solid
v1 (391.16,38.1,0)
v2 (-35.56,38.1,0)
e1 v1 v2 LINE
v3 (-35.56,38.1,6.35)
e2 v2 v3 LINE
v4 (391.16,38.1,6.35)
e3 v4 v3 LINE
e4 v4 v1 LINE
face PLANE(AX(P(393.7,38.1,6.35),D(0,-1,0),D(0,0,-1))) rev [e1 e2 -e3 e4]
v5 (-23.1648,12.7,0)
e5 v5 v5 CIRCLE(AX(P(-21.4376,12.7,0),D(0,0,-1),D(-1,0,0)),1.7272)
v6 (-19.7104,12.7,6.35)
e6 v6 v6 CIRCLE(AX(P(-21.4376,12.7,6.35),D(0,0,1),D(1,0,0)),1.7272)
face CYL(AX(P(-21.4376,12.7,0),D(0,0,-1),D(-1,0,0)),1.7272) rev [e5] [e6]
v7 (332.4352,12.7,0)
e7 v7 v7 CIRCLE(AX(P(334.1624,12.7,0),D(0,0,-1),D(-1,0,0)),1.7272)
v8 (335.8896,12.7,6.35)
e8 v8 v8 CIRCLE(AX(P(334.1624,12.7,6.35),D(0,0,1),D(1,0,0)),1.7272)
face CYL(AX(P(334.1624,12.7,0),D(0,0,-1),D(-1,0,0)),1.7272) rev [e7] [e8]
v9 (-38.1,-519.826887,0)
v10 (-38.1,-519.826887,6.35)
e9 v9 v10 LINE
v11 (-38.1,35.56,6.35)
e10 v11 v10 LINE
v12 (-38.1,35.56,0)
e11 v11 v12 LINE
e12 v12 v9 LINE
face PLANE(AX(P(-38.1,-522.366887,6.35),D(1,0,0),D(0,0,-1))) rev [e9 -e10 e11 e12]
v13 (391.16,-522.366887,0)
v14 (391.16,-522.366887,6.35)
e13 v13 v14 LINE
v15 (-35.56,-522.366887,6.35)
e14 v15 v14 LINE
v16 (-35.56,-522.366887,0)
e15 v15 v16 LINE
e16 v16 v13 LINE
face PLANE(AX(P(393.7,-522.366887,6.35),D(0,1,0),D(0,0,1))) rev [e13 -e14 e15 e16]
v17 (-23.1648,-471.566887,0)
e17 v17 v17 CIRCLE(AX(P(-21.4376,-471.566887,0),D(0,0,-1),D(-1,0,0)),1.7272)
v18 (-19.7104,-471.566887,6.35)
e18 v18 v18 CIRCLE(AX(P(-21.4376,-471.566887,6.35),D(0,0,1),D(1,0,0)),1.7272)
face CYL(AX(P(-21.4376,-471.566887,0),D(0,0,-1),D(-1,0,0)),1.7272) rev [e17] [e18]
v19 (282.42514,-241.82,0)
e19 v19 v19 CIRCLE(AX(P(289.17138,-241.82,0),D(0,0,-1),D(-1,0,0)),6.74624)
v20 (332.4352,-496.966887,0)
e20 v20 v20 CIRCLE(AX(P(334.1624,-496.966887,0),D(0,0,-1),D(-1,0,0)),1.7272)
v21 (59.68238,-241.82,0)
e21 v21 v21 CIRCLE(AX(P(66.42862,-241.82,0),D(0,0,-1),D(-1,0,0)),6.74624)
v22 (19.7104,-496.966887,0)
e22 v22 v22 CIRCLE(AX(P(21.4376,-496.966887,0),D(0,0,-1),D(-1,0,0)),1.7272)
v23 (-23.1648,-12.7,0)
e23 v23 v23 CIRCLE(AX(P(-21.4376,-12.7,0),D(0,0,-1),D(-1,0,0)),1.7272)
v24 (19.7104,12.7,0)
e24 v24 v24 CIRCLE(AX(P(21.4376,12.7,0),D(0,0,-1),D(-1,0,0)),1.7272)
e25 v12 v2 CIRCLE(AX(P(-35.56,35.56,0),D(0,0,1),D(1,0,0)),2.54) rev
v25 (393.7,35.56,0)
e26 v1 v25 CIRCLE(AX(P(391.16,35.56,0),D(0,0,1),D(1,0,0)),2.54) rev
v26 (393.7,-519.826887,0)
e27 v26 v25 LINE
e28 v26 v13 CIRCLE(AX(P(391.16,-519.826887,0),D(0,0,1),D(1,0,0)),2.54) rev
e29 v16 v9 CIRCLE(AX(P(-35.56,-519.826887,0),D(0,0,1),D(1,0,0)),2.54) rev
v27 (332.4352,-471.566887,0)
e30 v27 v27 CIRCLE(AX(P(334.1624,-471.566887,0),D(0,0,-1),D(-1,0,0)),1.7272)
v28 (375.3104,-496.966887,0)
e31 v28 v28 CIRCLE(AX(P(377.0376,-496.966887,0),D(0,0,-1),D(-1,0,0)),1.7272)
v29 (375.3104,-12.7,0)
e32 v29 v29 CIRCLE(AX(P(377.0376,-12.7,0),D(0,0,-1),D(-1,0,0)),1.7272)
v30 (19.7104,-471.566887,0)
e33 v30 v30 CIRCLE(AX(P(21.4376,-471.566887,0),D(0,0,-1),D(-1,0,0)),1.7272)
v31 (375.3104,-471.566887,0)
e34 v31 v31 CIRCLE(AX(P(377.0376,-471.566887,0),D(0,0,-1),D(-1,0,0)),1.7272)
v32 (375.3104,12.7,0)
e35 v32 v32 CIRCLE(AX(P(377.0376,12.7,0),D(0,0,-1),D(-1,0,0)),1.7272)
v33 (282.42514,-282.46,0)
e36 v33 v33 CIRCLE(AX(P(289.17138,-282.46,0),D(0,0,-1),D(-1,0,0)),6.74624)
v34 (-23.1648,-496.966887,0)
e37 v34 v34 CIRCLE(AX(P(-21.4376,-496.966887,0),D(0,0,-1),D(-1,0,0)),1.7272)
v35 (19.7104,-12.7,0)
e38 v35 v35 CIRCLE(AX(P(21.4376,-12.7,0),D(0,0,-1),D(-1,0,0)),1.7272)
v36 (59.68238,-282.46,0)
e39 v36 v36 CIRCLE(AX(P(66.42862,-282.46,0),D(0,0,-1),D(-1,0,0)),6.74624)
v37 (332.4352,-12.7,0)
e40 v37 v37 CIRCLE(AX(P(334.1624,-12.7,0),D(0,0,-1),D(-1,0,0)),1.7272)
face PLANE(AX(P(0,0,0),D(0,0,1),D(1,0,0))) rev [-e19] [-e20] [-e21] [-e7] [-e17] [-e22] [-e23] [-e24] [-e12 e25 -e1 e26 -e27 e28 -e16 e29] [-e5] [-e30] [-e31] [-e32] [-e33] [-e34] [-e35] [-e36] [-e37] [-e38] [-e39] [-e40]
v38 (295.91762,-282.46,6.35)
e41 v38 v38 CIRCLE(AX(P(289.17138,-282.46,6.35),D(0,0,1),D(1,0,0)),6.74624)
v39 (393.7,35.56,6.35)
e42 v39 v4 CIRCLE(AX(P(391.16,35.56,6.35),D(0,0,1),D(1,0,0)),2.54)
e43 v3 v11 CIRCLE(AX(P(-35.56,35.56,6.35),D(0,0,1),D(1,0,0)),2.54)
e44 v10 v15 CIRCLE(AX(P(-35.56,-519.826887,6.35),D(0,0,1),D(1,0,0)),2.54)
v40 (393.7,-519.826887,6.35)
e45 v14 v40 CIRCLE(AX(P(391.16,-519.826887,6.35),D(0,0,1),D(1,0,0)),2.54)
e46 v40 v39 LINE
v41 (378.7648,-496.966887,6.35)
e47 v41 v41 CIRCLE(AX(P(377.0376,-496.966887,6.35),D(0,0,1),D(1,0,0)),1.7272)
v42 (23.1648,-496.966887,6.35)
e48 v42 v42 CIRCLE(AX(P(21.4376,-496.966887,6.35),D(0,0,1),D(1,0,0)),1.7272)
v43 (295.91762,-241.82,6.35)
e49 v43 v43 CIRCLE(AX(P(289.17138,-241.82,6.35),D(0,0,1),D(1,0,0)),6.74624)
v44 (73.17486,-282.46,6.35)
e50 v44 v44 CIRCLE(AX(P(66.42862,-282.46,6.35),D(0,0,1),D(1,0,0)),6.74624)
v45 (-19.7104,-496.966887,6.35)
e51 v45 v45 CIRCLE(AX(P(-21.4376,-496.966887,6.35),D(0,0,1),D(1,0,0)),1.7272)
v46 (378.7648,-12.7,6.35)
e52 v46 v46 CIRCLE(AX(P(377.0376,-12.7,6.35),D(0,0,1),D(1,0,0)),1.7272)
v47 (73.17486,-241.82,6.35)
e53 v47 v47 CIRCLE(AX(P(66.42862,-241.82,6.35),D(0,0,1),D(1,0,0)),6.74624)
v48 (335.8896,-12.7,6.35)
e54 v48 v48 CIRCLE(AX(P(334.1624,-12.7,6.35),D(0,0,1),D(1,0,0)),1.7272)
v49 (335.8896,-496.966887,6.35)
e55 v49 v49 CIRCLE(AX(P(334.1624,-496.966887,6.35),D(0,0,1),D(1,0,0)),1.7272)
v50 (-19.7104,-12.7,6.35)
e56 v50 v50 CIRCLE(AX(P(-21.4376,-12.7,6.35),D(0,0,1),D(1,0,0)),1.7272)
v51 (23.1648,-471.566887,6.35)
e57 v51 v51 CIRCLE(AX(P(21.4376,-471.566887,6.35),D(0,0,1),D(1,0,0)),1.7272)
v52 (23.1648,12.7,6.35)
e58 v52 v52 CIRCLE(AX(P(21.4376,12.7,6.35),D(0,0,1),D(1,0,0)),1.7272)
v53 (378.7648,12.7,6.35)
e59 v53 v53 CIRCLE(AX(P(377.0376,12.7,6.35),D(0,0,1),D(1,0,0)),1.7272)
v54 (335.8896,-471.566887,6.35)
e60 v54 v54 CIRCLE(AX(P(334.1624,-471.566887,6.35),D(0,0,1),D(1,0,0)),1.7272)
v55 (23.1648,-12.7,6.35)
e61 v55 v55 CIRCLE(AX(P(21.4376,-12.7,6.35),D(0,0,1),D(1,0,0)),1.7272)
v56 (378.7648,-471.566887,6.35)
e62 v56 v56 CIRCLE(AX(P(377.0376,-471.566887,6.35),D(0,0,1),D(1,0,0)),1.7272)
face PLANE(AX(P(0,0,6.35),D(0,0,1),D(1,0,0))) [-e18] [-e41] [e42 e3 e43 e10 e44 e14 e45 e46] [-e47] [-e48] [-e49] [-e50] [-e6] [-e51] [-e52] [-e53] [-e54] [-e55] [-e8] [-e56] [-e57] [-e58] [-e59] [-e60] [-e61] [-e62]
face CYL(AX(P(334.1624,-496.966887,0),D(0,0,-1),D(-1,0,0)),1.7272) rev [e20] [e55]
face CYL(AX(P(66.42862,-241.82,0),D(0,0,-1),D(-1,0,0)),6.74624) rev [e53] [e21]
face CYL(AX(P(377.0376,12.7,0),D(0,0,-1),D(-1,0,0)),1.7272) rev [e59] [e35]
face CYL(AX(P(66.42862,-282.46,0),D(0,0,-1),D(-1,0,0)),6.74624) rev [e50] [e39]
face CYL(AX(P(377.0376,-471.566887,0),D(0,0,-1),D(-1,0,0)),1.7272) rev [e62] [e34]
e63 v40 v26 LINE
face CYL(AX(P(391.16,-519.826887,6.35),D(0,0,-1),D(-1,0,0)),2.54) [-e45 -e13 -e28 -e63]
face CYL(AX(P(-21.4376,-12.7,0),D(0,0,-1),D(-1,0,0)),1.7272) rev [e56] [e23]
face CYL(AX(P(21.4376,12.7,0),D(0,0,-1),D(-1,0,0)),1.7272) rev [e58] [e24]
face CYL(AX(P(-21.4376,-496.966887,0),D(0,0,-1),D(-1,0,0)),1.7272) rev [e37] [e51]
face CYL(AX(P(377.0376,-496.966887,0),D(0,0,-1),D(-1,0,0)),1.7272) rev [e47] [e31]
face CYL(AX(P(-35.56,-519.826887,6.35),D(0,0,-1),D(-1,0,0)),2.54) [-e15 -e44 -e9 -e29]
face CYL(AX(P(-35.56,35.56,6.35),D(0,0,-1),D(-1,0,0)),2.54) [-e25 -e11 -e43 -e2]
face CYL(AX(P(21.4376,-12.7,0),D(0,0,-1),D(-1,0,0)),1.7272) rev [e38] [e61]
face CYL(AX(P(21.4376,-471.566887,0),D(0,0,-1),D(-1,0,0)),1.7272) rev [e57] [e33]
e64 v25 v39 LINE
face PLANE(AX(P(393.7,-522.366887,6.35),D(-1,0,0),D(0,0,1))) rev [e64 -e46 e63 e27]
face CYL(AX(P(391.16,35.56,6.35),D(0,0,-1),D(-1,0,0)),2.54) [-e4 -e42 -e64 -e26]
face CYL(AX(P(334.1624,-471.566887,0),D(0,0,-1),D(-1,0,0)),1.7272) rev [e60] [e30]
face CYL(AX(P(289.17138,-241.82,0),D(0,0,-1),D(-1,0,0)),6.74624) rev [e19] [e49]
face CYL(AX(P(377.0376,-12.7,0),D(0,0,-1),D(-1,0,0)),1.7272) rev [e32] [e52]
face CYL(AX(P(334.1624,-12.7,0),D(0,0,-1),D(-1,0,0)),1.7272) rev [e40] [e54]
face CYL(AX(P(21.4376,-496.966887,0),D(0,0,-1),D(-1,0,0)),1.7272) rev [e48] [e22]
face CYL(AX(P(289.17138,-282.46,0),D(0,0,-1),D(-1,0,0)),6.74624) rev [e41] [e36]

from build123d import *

# Parameters (mm, degrees)
SKETCH1_W               = 431.8
SKETCH1_H               = 560.466887406
BOSS_EXTRUDE1_DEPTH     = 6.35
FILLET1_R               = 2.54
F_1_2_CLEARANCE_HOLE1_D = 13.49248
F_5_CLEARANCE_HOLE1_D   = 3.4544


with BuildPart() as part:
    # Sketch1 → Boss-Extrude1 (new body)
    with BuildSketch(Plane.XY):
        with Locations((177.8, -242.133443703)):
            Rectangle(SKETCH1_W, SKETCH1_H)
    extrude(amount=BOSS_EXTRUDE1_DEPTH)

    # Fillet1
    fillet1_edges = [part.edges().sort_by_distance(p)[0] for p in [
        (-38.1, 38.1, 3.175),
        (393.7, 38.1, 3.175),
        (393.7, -522.366887406, 3.175),
        (-38.1, -522.366887406, 3.175),
    ]]
    fillet(fillet1_edges, radius=FILLET1_R)

    # 1/2 Clearance Hole1 (through all)
    with Locations(Plane(origin=(0, 0, 0), x_dir=(-1, 0, 0), z_dir=(0, 0, -1))):
        with Locations((-66.42862, -241.82), (-289.17138, -241.82), (-289.17138, -282.46), (-66.42862, -282.46)):
            Hole(F_1_2_CLEARANCE_HOLE1_D / 2)

    # #5 Clearance Hole1 (through all)
    with Locations(Plane(origin=(0, 0, 0), x_dir=(-1, 0, 0), z_dir=(0, 0, -1))):
        with Locations((-377.0376, 12.7), (-377.0376, -12.7), (-334.1624, 12.7), (-334.1624, -12.7), (-21.4376, -12.7), (21.4376, -12.7), (21.4376, 12.7), (-21.4376, 12.7), (-21.4376, -496.966887406), (21.4376, -496.966887406), (21.4376, -471.566887406), (-21.4376, -471.566887406), (-334.1624, -471.566887406), (-334.1624, -496.966887406), (-377.0376, -471.566887406), (-377.0376, -496.966887406)):
            Hole(F_5_CLEARANCE_HOLE1_D / 2)


solid = part.part
